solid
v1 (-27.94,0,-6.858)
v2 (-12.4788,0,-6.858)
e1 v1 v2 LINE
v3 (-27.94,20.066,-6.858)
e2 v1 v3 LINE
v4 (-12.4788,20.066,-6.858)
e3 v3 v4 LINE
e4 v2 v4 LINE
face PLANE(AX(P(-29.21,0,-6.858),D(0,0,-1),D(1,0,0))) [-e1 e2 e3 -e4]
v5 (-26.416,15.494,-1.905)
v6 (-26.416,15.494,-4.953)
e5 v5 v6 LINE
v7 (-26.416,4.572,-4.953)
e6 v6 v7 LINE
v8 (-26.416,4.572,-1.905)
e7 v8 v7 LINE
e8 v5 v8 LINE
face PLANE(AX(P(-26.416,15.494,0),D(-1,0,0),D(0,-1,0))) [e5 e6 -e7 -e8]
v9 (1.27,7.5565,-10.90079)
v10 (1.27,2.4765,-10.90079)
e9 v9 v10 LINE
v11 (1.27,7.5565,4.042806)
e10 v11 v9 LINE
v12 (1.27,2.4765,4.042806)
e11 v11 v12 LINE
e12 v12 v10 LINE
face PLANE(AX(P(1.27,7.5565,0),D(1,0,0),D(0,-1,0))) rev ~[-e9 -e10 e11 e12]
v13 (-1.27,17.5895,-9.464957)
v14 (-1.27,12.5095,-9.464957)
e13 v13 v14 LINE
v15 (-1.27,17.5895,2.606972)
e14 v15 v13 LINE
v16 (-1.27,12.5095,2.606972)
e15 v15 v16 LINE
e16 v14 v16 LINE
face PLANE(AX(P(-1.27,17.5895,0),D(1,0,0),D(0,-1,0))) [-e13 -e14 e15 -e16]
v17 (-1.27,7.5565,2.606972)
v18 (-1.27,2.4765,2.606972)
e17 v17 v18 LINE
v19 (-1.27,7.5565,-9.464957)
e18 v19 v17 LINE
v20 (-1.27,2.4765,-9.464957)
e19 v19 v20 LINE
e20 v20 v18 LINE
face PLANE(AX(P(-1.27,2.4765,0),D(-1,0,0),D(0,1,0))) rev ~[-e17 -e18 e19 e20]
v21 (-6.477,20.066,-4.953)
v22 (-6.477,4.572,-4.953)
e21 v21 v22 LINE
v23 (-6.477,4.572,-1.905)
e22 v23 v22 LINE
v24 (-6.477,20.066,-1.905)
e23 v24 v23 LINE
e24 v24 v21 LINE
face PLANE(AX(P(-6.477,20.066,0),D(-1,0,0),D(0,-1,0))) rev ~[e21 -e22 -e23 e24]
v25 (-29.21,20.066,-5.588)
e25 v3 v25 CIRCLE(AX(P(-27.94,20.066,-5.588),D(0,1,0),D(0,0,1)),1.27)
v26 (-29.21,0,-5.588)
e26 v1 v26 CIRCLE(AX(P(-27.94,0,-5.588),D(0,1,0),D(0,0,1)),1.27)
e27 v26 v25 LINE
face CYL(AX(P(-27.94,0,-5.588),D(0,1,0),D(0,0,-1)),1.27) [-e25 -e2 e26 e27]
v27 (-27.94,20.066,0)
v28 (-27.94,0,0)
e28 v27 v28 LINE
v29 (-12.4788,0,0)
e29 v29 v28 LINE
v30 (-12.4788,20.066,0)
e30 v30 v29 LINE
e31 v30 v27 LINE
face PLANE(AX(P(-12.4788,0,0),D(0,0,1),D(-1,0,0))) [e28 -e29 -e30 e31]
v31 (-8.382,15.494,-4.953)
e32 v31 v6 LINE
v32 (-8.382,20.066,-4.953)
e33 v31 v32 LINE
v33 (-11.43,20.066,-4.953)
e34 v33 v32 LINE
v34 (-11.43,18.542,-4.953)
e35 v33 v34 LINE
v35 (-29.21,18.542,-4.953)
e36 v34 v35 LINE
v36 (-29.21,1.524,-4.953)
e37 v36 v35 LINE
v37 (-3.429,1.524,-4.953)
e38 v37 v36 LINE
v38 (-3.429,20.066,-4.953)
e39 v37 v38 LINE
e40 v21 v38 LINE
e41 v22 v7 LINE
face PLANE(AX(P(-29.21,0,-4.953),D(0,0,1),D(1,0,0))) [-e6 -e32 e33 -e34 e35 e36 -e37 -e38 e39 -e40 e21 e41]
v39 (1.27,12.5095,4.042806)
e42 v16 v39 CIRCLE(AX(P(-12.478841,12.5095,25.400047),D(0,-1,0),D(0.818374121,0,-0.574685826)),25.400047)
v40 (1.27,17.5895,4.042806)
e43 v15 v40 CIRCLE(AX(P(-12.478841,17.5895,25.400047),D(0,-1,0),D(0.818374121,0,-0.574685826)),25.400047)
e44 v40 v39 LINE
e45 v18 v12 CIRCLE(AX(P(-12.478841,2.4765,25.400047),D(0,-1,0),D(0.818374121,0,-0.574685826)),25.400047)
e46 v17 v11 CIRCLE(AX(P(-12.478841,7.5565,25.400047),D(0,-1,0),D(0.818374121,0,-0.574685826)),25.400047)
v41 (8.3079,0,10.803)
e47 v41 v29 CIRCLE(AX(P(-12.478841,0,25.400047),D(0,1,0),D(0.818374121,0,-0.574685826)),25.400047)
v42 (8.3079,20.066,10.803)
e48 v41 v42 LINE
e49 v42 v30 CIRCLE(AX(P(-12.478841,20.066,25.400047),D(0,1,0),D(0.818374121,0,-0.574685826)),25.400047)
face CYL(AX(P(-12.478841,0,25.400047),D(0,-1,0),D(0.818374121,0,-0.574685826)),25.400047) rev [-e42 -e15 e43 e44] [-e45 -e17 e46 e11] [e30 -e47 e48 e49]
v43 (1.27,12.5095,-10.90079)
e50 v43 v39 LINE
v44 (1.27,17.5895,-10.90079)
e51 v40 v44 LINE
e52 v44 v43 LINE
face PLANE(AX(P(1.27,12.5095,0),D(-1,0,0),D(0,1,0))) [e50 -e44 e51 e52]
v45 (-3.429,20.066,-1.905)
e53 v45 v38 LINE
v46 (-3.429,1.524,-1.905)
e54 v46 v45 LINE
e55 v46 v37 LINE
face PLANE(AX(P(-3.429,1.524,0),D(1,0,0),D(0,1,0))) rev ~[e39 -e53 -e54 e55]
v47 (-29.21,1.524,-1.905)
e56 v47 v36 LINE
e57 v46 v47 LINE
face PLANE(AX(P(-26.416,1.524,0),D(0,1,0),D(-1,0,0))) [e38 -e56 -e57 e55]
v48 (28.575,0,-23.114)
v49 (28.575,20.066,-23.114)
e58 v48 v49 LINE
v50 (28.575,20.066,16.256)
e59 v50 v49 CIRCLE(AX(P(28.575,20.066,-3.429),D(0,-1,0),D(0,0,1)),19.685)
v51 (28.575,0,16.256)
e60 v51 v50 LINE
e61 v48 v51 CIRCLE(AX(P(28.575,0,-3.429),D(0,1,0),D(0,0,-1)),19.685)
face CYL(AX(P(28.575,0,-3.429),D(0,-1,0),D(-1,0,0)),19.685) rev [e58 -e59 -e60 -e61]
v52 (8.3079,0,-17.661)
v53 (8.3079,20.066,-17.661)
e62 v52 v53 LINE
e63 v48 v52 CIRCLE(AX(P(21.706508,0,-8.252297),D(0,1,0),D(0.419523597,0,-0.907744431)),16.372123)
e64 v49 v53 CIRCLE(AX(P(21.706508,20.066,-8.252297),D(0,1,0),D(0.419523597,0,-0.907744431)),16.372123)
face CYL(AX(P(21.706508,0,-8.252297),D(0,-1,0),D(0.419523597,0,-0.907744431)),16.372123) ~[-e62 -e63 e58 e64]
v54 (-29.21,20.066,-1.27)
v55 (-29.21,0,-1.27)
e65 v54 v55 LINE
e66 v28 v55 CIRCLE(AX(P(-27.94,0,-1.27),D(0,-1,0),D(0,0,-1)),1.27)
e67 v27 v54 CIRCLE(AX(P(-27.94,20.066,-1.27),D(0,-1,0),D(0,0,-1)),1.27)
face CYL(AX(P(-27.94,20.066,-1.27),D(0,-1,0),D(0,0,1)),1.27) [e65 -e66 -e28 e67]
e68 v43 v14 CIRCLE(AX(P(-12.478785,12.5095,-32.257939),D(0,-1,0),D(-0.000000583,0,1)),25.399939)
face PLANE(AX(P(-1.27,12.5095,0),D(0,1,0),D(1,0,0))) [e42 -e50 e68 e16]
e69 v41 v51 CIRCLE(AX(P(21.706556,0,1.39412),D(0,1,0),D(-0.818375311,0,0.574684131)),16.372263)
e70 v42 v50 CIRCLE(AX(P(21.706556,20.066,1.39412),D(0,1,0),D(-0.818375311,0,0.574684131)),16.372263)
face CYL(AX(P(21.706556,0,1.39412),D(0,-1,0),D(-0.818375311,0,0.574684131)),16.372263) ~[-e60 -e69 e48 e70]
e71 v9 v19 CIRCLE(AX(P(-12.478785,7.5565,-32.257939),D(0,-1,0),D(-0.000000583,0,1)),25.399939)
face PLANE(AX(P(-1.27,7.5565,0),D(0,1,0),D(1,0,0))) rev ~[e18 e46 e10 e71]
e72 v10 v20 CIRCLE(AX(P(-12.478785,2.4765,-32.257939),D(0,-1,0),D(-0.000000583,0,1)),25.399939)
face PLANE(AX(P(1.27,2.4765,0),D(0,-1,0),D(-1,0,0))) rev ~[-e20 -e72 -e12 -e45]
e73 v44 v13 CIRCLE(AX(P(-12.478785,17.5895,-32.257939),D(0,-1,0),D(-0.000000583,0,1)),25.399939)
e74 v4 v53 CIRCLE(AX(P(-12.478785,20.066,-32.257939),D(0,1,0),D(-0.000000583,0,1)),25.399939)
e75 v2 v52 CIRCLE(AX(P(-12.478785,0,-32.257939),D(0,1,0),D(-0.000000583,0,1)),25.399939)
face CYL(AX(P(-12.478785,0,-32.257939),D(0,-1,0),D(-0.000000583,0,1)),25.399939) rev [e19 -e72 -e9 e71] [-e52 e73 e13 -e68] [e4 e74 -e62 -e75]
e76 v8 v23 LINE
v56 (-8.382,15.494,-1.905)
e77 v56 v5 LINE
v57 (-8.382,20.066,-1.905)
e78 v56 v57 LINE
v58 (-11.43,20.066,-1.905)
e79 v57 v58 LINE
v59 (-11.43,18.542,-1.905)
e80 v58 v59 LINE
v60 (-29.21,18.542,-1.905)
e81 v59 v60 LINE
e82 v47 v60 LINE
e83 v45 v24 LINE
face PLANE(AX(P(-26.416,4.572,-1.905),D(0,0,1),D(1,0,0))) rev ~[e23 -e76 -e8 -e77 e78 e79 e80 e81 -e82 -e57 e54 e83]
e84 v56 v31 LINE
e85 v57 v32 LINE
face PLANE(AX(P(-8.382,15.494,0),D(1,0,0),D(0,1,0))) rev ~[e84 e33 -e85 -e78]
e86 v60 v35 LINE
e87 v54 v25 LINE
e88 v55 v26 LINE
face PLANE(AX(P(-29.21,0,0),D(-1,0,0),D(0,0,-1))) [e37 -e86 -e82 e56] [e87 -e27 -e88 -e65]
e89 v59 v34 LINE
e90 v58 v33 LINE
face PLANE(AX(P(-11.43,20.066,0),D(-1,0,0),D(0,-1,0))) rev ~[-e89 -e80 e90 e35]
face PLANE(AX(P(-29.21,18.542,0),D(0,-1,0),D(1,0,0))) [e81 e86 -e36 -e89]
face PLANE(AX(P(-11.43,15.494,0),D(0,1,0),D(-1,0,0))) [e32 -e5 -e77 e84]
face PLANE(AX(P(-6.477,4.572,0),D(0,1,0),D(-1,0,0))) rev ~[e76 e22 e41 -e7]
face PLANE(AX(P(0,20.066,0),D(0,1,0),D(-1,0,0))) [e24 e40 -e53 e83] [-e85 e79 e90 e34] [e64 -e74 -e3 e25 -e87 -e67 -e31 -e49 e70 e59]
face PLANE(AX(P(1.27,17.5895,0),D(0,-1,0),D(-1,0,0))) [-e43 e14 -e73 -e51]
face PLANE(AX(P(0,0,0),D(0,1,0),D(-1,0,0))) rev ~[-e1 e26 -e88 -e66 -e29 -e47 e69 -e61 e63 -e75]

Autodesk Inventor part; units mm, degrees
ref_plane "YZ Plane" through (0, 0, 0) normal (1, 0, 0) x (0, 1, 0)
ref_plane "XZ Plane" through (0, 0, 0) normal (0, 1, 0) x (-1, 0, 0)
ref_plane "XY Plane" through (0, 0, 0) normal (0, 0, 1) x (1, 0, 0)
sketch "Sketch1" plane through (0, 0, 0) normal (0, 1, 0) x (-1, 0, 0)
  line L0 (0, 0) -> (29.21, 0)
  line L1 (29.21, 0) -> (29.21, -6.858)
  line L2 (29.21, -6.858) -> (0, -6.858)
  line L3 (0, -6.858) -> (0, 0)
  line L4 (0, 0) -> (-3.81, 0)
  line L5 (-3.81, 0) -> (-3.81, -6.858)
  line L6 (-3.81, -6.858) -> (0, -6.858)
  line L7 (0, -6.858) -> (0, 0)
  circle A0 centre (-28.575, -3.429) radius 19.685
  circle A1 centre (-28.575, -3.429) radius 24.765
  arc A2 (-8.3079, 10.803) -> (12.4788, 0) centre (12.4788, 25.4) ccw
  arc A3 (12.4788, -6.858) -> (-8.3079, -17.661) centre (12.4788, -32.258) ccw
  line L8 (-28.575, -3.429) -> (-28.575, 21.336)
  line L9 (-28.575, -3.429) -> (-3.81, -3.429) construction
  line L10 (-28.575, -3.429) -> (-28.575, -28.194)
  arc A4 (-8.3079, 10.803) -> (-28.575, 16.256) centre (-21.7065, 1.3942) ccw
  arc A5 (-28.575, -23.114) -> (-8.3079, -17.661) centre (-21.7065, -8.2522) ccw
  point P0 (0, -3.429)
  dimension "d0" = 29.21
  dimension "d1" = 6.858
  dimension "d4" = 3.81
  dimension "d5" = 39.37
  dimension "d6" = 6.858
  dimension "d7" = 5.08
  dimension "d8" = 25.4
  dimension "d9" = 25.4
  dimension "d10" = 180
  dimension "d11" = 90
  dimension "d12" = 90
extrude "Extrusion1" add sketch "Sketch1" along normal blind 20.066 contours L4 L5 A1 A2 L0 | L0 L1 L2 L3 | L3 L6 L5 L4 | L2 A3 A1 L5 L6 | A1 A5 A0 A4
sketch "Sketch3" plane through (-29.21, 0, 0) normal (0, 0, 1) x (1, 0, 0)
  line L0 (0, 0) -> (16.7312, 0) projected
  line L1 (16.7312, 0) -> (16.7312, 20.066) projected
  line L2 (0, 20.066) -> (16.7312, 20.066) projected
  line L3 (0, 0) -> (0, 20.066) projected
  line L4 (16.7312, 0) -> (37.5179, 0) projected
  line L5 (37.5179, 0) -> (37.5179, 20.066) projected
  line L6 (16.7312, 20.066) -> (37.5179, 20.066) projected
  line L7 (16.7312, 0) -> (16.7312, 20.066) projected
  line L8 (37.5179, 0) -> (57.785, 0) projected
  line L9 (57.785, 0) -> (57.785, 20.066) projected
  line L10 (37.5179, 20.066) -> (57.785, 20.066) projected
  line L11 (37.5179, 0) -> (37.5179, 20.066) projected
  line L12 (0, 0) -> (0, 20.066) projected
  line L13 (0, 10.033) -> (29.21, 10.033) construction
  line L14 (16.7312, 20.066) -> (37.5179, 20.066) projected
  line L15 (29.21, 20.066) -> (29.21, 0) construction
  line L16 (16.7312, 0) -> (37.5179, 0) projected
  line L17 (27.94, 12.5095) -> (30.48, 12.5095)
  line L18 (30.48, 12.5095) -> (30.48, 17.5895)
  line L19 (30.48, 17.5895) -> (27.94, 17.5895)
  line L20 (27.94, 17.5895) -> (27.94, 12.5095)
  line L21 (27.94, 7.5565) -> (30.48, 7.5565)
  line L22 (30.48, 7.5565) -> (30.48, 2.4765)
  line L23 (30.48, 2.4765) -> (27.94, 2.4765)
  line L24 (27.94, 2.4765) -> (27.94, 7.5565)
  point P0 (29.21, 0)
  point P1 (29.21, 12.5095)
  dimension "d13" = 29.21
  dimension "d14" = 2.54
  dimension "d15" = 5.08
  dimension "d16" = 2.4765
  dimension "d17" = 2.4765
extrude "Extrusion2" cut sketch "Sketch3" along normal through all both and the other way through all contours L20 L19 L18 L17 | L21 L22 L23 L24
sketch "Sketch4" plane through (-29.21, 0, 0) normal (0, 0, 1) x (1, 0, 0)
  line L0 (0, 20.066) -> (16.7312, 20.066) projected
  line L1 (0, 0) -> (16.7312, 0) projected
  line L2 (0, 0) -> (0, 20.066) projected
  line L3 (0, 18.542) -> (2.794, 18.542)
  line L4 (2.794, 18.542) -> (2.794, 1.524)
  line L5 (2.794, 1.524) -> (0, 1.524)
  line L6 (0, 1.524) -> (0, 18.542)
  line L7 (0, 10.033) -> (17.78, 10.033) construction
  line L8 (2.794, 18.542) -> (17.78, 18.542)
  line L9 (17.78, 18.542) -> (17.78, 15.494)
  line L10 (17.78, 15.494) -> (2.794, 15.494)
  line L11 (2.794, 15.494) -> (2.794, 18.542)
  line L12 (16.7312, 20.066) -> (37.5179, 20.066) projected
  line L13 (17.78, 15.494) -> (20.828, 15.494)
  line L14 (20.828, 15.494) -> (20.828, 20.066)
  line L15 (20.828, 20.066) -> (17.78, 20.066)
  line L16 (17.78, 20.066) -> (17.78, 15.494)
  line L17 (2.794, 1.524) -> (22.733, 1.524)
  line L18 (22.733, 1.524) -> (22.733, 4.572)
  line L19 (22.733, 4.572) -> (2.794, 4.572)
  line L20 (2.794, 4.572) -> (2.794, 1.524)
  line L21 (22.733, 1.524) -> (25.781, 1.524)
  line L22 (25.781, 1.524) -> (25.781, 20.066)
  line L23 (25.781, 20.066) -> (22.733, 20.066)
  line L24 (22.733, 20.066) -> (22.733, 1.524)
  point P0 (29.21, 0)
  point P1 (17.78, 17.018)
  point P2 (2.794, 4.572)
  point P3 (2.794, 15.494)
  point P4 (17.78, 18.542)
  dimension "d25" = 2.794
  dimension "d26" = 17.018
  dimension "d27" = 1.524
  dimension "d28" = 1.524
  dimension "d29" = 17.78
  dimension "d30" = 3.048
  dimension "d31" = 3.048
  dimension "d32" = 1.905
  dimension "d33" = 3.048
  dimension "d34" = 3.048
extrude "Extrusion3" cut sketch "Sketch4" against normal blind 4.953 contours L3 L4 L5 L2 | L12 L14 L13 L9 L16 | L8 L9 L10 L4 | L4 L19 L18 L17 | L12 L22 L21 L18 L24
sketch "Sketch5" plane through (-26.416, 4.572, 0) normal (0, 0, 1) x (1, 0, 0)
  line L0 (-2.794, 13.97) -> (13.9372, 13.97) projected
  line L1 (13.9372, 10.922) -> (0, 10.922) projected
  line L2 (13.9372, 10.922) -> (13.9372, 13.97) projected
  line L3 (-2.794, -3.048) -> (-2.794, 13.97) projected
  line L4 (0, 10.922) -> (0, 0) projected
  line L5 (13.9372, -3.048) -> (-2.794, -3.048) projected
  line L6 (0, 0) -> (13.9372, 0) projected
  line L7 (13.9372, -3.048) -> (13.9372, 0) projected
  line L8 (13.9372, 10.922) -> (13.9372, 13.97) projected
  line L9 (14.986, 13.97) -> (13.9372, 13.97) projected
  line L10 (14.986, 15.494) -> (14.986, 13.97) projected
  line L11 (18.034, 15.494) -> (14.986, 15.494) projected
  line L12 (18.034, 10.922) -> (18.034, 15.494) projected
  line L13 (13.9372, 10.922) -> (18.034, 10.922) projected
  line L14 (13.9372, -3.048) -> (13.9372, 0) projected
  line L15 (19.939, 0) -> (13.9372, 0) projected
  line L16 (19.939, 15.494) -> (19.939, 0) projected
  line L17 (22.987, 15.494) -> (19.939, 15.494) projected
  line L18 (22.987, -3.048) -> (22.987, 15.494) projected
  line L19 (13.9372, -3.048) -> (22.987, -3.048) projected
  point P0 (26.416, -4.572)
extrude "Extrusion4" add sketch "Sketch5" against normal blind 1.905
fillet "Fillet1" radius 1.27 2 edges at (-29.21, 10.033, 0) (-29.21, 10.033, -6.858)
equation "\"d6\" = d1"
equation "\"d9\" = d8"
equation "\"d11\" = d12"
equation "\"d16\" = d17"
equation "\"d27\" = d28"
properties part number "ReedHolder"
